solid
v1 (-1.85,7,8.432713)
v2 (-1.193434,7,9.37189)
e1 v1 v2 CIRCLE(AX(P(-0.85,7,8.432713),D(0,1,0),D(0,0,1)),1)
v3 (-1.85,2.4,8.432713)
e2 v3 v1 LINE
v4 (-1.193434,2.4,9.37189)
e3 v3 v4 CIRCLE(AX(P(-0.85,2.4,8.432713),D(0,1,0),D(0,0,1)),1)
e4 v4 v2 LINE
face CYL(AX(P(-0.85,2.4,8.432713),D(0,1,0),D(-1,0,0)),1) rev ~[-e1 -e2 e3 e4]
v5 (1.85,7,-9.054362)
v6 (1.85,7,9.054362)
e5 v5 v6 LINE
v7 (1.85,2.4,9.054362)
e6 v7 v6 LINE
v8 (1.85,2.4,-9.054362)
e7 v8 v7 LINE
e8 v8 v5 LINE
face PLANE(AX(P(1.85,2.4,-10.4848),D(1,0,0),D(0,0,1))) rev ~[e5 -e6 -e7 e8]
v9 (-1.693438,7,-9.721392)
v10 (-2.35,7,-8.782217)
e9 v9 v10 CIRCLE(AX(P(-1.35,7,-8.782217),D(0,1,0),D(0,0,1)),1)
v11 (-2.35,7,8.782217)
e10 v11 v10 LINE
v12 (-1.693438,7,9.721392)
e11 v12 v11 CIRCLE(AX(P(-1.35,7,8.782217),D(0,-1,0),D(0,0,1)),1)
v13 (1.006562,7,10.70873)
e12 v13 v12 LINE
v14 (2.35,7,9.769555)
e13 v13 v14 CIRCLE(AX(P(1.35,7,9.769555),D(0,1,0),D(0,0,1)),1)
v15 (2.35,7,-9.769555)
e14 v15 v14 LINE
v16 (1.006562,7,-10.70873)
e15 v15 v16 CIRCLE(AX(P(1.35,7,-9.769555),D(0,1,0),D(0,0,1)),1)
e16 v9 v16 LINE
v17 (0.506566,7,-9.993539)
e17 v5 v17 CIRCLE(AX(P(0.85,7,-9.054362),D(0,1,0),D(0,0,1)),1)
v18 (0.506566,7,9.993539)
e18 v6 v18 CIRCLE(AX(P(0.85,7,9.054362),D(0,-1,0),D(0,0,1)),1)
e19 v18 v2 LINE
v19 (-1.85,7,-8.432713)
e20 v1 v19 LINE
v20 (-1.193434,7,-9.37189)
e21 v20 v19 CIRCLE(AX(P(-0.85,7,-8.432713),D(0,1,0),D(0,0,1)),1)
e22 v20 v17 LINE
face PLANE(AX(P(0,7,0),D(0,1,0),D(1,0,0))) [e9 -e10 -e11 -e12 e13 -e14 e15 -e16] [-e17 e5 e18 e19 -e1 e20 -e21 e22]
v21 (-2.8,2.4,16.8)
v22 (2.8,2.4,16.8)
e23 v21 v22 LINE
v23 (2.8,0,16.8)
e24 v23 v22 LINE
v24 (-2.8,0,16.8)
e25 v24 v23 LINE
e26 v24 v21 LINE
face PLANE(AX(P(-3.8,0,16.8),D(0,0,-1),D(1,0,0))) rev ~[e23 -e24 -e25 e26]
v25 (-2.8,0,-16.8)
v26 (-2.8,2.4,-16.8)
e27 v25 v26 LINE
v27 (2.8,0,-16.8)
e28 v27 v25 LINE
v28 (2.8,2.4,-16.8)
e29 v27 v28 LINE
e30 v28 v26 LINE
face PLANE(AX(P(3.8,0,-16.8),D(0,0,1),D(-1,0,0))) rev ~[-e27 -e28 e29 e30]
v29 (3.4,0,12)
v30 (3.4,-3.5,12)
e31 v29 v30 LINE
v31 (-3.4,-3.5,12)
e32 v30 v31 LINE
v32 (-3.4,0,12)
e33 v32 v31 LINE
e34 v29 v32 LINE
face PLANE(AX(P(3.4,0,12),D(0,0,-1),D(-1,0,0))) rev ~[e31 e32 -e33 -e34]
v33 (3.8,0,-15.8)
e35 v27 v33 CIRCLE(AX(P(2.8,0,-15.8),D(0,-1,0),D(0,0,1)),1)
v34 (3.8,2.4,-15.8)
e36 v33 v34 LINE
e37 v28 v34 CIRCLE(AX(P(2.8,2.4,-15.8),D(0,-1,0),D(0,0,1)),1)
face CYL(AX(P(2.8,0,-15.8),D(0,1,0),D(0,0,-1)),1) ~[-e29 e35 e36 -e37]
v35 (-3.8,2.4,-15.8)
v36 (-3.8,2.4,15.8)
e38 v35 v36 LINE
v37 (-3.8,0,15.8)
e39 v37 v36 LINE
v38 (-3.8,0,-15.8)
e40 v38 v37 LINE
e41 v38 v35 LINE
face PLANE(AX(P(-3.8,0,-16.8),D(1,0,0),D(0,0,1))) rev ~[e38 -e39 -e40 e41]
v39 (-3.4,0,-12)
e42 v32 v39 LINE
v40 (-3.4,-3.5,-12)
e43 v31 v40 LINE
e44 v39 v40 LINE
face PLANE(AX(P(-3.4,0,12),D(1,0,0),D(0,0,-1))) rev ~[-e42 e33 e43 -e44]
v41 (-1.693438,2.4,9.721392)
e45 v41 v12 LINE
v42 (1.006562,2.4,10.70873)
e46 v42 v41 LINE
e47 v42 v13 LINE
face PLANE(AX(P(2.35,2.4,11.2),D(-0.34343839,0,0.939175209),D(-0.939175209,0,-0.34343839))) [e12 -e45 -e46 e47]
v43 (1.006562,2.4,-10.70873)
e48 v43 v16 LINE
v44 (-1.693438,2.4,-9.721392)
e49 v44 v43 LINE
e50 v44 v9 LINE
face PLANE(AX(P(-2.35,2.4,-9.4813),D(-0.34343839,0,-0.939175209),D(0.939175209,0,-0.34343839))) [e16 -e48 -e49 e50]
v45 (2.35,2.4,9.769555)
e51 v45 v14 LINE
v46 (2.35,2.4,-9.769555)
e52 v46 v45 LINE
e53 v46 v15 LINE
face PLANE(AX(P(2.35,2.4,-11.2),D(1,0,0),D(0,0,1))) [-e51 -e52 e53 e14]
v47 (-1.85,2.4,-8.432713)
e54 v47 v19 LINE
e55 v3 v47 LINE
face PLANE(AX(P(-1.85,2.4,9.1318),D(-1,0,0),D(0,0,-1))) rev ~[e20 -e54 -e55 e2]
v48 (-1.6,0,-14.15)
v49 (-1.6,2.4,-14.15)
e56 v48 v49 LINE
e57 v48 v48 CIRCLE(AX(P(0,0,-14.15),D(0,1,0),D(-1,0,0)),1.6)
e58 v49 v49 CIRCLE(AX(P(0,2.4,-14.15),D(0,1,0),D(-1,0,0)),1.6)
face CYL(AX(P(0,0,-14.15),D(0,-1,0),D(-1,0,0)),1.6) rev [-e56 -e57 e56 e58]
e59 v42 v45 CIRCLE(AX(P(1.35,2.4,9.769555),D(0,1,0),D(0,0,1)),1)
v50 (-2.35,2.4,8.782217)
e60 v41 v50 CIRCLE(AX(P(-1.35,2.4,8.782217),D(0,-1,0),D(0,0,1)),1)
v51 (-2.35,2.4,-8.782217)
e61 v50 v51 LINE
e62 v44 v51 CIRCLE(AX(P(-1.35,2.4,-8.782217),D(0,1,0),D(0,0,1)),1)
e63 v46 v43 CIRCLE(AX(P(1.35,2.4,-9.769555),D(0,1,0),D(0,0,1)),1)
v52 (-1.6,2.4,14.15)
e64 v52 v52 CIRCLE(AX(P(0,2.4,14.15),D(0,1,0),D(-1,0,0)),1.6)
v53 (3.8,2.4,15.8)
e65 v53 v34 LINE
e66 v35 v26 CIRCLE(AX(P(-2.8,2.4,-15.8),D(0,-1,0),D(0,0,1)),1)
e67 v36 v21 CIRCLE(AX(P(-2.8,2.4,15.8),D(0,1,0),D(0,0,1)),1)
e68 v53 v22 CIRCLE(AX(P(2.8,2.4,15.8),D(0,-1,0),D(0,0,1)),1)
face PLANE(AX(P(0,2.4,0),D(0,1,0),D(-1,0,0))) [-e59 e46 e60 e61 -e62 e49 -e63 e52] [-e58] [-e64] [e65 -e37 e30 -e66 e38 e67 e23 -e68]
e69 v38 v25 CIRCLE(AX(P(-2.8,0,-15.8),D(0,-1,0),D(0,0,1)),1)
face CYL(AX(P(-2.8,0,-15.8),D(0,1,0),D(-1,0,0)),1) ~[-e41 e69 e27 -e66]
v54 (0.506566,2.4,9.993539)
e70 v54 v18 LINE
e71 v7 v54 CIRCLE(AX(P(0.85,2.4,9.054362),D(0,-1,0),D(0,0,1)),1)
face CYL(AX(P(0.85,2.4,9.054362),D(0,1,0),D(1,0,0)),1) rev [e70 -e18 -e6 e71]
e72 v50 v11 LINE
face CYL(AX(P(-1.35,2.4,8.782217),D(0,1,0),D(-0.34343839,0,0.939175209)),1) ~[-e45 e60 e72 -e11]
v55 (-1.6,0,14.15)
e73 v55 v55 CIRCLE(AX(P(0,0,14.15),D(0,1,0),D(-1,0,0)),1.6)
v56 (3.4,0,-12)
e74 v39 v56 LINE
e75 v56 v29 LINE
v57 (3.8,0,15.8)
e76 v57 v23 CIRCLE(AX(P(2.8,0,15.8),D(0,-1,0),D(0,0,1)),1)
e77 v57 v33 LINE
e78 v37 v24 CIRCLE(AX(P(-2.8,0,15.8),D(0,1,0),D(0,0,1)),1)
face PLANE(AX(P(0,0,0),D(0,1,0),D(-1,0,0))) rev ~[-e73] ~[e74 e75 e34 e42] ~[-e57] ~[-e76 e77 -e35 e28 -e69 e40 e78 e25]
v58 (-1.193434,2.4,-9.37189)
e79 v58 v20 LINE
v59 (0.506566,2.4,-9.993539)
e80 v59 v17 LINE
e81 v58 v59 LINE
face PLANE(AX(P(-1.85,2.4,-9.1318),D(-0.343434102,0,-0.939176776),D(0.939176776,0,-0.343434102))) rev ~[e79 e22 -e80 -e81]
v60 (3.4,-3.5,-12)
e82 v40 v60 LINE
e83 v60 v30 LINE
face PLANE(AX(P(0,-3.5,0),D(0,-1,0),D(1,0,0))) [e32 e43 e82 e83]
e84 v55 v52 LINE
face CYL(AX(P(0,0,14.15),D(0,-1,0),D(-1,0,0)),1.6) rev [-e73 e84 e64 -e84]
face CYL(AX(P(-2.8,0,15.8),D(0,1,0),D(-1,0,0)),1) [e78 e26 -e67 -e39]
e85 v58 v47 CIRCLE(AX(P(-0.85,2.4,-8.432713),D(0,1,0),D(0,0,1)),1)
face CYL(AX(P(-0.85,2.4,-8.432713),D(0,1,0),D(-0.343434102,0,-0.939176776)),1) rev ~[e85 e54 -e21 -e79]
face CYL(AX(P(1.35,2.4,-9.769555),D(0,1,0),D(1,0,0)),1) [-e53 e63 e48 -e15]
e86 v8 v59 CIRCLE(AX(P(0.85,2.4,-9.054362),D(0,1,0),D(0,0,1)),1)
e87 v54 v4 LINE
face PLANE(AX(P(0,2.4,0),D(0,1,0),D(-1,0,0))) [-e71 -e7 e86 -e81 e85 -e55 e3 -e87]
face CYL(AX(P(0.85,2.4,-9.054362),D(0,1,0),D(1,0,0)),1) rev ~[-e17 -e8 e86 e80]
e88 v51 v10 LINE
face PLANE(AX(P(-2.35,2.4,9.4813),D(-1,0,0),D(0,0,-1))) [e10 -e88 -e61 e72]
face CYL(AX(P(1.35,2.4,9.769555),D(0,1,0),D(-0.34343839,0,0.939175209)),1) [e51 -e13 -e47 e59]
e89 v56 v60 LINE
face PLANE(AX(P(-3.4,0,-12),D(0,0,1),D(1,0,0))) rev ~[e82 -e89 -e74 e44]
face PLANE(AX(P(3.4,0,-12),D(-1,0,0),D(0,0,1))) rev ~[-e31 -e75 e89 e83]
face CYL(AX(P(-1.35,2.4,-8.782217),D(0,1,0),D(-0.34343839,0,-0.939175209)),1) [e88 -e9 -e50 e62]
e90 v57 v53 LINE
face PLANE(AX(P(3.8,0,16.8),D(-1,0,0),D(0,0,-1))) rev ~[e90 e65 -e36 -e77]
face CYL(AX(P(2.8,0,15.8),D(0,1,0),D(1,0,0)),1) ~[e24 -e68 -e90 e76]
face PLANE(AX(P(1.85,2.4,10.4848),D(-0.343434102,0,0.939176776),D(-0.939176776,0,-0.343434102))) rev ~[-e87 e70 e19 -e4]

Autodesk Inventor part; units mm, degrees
ref_plane "YZ Plane" through (0, 0, 0) normal (1, 0, 0) x (0, 1, 0)
ref_plane "XZ Plane" through (0, 0, 0) normal (0, 1, 0) x (-1, 0, 0)
ref_plane "XY Plane" through (0, 0, 0) normal (0, 0, 1) x (1, 0, 0)
sketch "Sketch1" plane through (0, 0, 0) normal (0, 1, 0) x (-1, 0, 0)
  line L0 (3.8, 16.8) -> (-3.8, 16.8)
  line L1 (-3.8, 16.8) -> (-3.8, -16.8)
  line L2 (-3.8, -16.8) -> (3.8, -16.8)
  line L3 (3.8, -16.8) -> (3.8, 16.8)
  circle A0 centre (0, 14.15) radius 1.6
  circle A1 centre (0, -14.15) radius 1.6
  point P0 (0, 0)
  dimension "d0" = 33.6
  dimension "d1" = 7.6
  dimension "d2" = 16.8
  dimension "d3" = 3.8
  dimension "d4" = 3.2
  dimension "d5" = 3.2
  dimension "d6" = 28.3
  dimension "d7" = 14.15
extrude "Extrusion1" add sketch "Sketch1" along normal blind 2.4
fillet "Fillet1" radius 1 4 edges at (3.8, 1.2, 16.8) (-3.8, 1.2, 16.8) (3.8, 1.2, -16.8) (-3.8, 1.2, -16.8)
sketch "Sketch2" plane through (0, 2.4, 0) normal (0, 1, 0) x (1, 0, 0)
  line L0 (-2.35, -9.4813) -> (-2.35, 9.4813)
  line L1 (-2.35, 9.4813) -> (2.35, 11.2)
  line L2 (2.35, 11.2) -> (2.35, -11.2)
  line L3 (2.35, -11.2) -> (-2.35, -9.4813)
  line L4 (1.85, -10.4848) -> (-1.85, -9.1318)
  line L5 (-1.85, -9.1318) -> (-1.85, 9.1318)
  line L6 (-1.85, 9.1318) -> (1.85, 10.4848)
  line L7 (1.85, 10.4848) -> (1.85, -10.4848)
  point P0 (0, 0)
  dimension "d11" = 69.914
  dimension "d13" = 22.4
  dimension "d14" = 4.7
  dimension "d15" = 2.35
  dimension "d17" = 0.5
  dimension "d18" = 0.5
  dimension "d19" = 0.5
  dimension "d20" = 0.5
  dimension "d21" = 11.2
  dimension "d22" = 69.914
  dimension "d23" = 69.914
extrude "Extrusion2" add sketch "Sketch2" along normal blind 4.6
fillet "Fillet2" radius 1 8 edges at (-2.35, 4.7, -9.4813) (-2.35, 4.7, 9.4813) (2.35, 4.7, 11.2) (2.35, 4.7, -11.2) (-1.85, 4.7, -9.1318) (-1.85, 4.7, 9.1318) (1.85, 4.7, -10.4848) (1.85, 4.7, 10.4848)
sketch "Sketch3" plane through (0, 0, 0) normal (0, -1, 0) x (1, 0, 0)
  line L0 (3.4, 12) -> (-3.4, 12)
  line L1 (-3.4, 12) -> (-3.4, -12)
  line L2 (-3.4, -12) -> (3.4, -12)
  line L3 (3.4, -12) -> (3.4, 12)
  point P0 (0, 0)
  dimension "d27" = 24
  dimension "d28" = 6.8
  dimension "d29" = 12
  dimension "d30" = 3.4
extrude "Extrusion3" add sketch "Sketch3" along normal blind 3.5
equation "\"d2\" = 0.5 * d0"
equation "\"d3\" = 0.5 * d1"
equation "\"d5\" = d4"
equation "\"d7\" = 0.5 * d6"
equation "\"d15\" = 0.5 * d14"
equation "\"d21\" = 0.5 * d13"
equation "\"d22\" = d11"
equation "\"d29\" = 0.5 * d27"
equation "\"d30\" = 0.5 * d28"
properties part number "31pin male connector"
